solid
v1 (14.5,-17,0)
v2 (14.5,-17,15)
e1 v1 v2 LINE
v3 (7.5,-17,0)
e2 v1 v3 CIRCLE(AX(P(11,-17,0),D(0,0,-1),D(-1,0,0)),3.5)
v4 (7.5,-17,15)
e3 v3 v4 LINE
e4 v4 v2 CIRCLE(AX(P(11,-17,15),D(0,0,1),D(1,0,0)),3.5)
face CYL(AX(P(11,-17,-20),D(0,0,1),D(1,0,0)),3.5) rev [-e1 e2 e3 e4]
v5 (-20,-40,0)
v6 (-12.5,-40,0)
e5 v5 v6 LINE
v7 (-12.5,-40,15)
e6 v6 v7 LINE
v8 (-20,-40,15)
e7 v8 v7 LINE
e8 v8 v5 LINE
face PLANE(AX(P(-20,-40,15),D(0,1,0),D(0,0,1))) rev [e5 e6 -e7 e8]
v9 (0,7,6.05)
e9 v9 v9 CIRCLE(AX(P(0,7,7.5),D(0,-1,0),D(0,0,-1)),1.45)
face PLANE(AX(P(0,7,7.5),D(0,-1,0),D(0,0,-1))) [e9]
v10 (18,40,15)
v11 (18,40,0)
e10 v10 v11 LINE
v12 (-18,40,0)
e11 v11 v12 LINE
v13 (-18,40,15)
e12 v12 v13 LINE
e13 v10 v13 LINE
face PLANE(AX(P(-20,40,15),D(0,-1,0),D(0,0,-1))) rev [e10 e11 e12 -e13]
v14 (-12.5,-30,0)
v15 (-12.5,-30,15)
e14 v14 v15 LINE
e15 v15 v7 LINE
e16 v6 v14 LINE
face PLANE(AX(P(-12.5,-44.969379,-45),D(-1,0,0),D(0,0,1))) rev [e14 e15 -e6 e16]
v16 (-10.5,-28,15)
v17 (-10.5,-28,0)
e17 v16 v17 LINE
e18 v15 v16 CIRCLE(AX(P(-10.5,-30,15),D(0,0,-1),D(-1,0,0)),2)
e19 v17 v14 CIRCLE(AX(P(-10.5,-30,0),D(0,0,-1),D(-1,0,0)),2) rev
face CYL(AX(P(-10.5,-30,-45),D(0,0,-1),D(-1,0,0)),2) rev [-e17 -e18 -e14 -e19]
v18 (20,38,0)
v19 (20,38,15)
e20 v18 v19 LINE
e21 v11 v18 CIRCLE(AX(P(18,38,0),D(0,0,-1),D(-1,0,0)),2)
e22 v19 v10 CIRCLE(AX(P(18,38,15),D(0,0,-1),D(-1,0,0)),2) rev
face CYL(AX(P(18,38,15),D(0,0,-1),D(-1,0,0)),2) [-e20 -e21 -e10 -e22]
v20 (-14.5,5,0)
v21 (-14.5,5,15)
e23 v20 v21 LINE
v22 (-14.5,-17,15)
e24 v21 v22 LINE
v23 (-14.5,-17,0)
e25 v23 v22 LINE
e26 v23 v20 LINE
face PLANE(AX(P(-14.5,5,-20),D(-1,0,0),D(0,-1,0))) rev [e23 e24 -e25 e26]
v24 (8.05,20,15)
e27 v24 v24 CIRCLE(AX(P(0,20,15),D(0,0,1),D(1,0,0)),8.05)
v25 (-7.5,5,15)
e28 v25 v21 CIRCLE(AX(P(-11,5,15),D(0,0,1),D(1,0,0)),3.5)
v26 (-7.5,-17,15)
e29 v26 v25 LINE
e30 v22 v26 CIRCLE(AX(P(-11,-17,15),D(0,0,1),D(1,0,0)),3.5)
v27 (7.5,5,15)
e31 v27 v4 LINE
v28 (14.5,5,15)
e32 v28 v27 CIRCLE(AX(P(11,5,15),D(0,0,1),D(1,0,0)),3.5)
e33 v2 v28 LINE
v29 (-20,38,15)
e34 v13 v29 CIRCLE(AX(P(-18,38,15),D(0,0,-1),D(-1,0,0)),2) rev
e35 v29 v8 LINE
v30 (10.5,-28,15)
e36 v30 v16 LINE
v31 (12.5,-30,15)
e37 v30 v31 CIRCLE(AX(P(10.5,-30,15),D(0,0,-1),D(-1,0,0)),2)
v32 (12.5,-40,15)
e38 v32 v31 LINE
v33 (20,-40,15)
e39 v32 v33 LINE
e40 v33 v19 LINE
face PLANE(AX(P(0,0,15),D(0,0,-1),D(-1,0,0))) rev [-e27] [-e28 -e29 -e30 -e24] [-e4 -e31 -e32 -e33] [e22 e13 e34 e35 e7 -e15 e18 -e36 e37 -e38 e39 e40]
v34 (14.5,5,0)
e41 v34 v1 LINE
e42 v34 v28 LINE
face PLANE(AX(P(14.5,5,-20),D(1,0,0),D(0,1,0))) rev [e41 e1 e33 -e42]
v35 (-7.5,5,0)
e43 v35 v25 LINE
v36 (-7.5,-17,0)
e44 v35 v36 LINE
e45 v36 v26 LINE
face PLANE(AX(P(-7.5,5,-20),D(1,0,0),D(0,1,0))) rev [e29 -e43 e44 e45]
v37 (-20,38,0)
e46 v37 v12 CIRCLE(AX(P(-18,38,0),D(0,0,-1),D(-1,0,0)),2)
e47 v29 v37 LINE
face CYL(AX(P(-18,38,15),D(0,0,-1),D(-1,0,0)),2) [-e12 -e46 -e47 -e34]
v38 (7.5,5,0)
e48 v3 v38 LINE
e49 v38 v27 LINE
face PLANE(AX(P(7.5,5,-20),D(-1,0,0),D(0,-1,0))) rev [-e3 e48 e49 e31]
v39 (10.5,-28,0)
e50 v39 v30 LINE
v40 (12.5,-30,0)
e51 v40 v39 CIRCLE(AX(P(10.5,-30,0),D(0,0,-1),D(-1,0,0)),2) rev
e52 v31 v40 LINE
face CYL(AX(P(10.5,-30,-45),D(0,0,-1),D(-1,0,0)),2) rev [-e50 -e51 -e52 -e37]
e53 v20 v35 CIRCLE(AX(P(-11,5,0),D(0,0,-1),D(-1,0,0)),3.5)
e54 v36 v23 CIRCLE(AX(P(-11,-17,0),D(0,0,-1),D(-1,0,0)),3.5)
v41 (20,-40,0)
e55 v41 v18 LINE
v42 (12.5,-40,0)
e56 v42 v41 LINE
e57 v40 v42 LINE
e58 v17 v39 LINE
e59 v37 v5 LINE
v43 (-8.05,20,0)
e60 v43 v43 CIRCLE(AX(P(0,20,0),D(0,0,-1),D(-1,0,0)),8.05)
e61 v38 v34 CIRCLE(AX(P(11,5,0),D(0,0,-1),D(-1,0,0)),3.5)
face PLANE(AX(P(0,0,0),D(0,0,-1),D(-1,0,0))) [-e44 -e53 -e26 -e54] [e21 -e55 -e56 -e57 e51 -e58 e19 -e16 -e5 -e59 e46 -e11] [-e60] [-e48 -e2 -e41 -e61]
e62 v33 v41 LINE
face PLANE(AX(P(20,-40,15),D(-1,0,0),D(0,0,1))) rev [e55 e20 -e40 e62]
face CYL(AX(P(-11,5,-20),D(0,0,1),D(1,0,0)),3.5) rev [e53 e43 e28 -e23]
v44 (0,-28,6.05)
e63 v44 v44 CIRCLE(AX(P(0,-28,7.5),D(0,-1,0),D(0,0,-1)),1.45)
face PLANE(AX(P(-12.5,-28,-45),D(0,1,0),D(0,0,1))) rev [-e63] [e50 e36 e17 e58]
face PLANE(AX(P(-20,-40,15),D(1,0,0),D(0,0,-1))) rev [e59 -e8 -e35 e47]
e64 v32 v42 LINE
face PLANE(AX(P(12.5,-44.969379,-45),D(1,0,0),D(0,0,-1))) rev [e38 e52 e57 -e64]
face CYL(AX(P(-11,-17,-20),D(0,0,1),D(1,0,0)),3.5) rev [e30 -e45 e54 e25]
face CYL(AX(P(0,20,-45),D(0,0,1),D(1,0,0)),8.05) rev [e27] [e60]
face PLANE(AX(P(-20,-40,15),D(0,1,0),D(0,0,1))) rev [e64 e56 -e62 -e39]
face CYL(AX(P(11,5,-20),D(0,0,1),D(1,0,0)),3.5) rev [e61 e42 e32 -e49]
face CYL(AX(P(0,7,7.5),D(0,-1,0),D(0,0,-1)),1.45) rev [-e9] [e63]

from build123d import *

# Parameters (mm, degrees)
SKETCH_1_W          = 40
SKETCH_1_H          = 80
EXTRUDE_1_DEPTH     = 15
SKETCH_2_R          = 8.05
CUT_EXTRUDE_1_DEPTH = 60
SKETCH_3_W          = 25
SKETCH_3_H          = 16.969379431
CUT_EXTRUDE_2_DEPTH = 60
SKETCH_4_R          = 1.45
CUT_EXTRUDE_3_DEPTH = 35
CUT_EXTRUDE_4_DEPTH = 35
FILLET_1_R          = 2


with BuildPart() as part:
    # 草图1 → 凸台-拉伸1 (new body)
    with BuildSketch(Plane.XY):
        Rectangle(SKETCH_1_W, SKETCH_1_H)
    extrude(amount=EXTRUDE_1_DEPTH)

    # 草图2 → 切除-拉伸1 (cut)
    with BuildSketch(Plane.XY.offset(15)):
        with Locations((0, 20)):
            Circle(SKETCH_2_R)
    extrude(amount=-CUT_EXTRUDE_1_DEPTH, mode=Mode.SUBTRACT)

    # 草图3 → 切除-拉伸2 (cut)
    with BuildSketch(Plane.XY.offset(15)):
        with Locations((0, -36.484689715)):
            Rectangle(SKETCH_3_W, SKETCH_3_H)
    extrude(amount=-CUT_EXTRUDE_2_DEPTH, mode=Mode.SUBTRACT)

    # 草图4 → 切除-拉伸3 (cut)
    with BuildSketch(Plane.XZ.offset(28)):
        with Locations(Location((0, 7.5, 0), (0, 0, 270))):
            Circle(SKETCH_4_R)
    extrude(amount=-CUT_EXTRUDE_3_DEPTH, mode=Mode.SUBTRACT)

    # 草图5 → 切除-拉伸4 (cut)
    with BuildSketch(Plane.XY.offset(15)):
        with BuildLine():
            Line((-7.5, 5), (-7.5, -17))
            ThreePointArc((-7.5, -17), (-11, -20.5), (-14.5, -17))
            Line((-14.5, -17), (-14.5, 5))
            ThreePointArc((-14.5, 5), (-11, 8.5), (-7.5, 5))
        make_face()
        with BuildLine():
            Line((14.5, 5), (14.5, -17))
            ThreePointArc((14.5, -17), (11, -20.5), (7.5, -17))
            Line((7.5, -17), (7.5, 5))
            ThreePointArc((7.5, 5), (11, 8.5), (14.5, 5))
        make_face()
    extrude(amount=-CUT_EXTRUDE_4_DEPTH, mode=Mode.SUBTRACT)

    # 圆角1
    fillet_1_edges = [part.edges().sort_by_distance(p)[0] for p in [
        (12.5, -28, 7.5),
        (-12.5, -28, 7.5),
        (-20, 40, 7.5),
        (20, 40, 7.5),
    ]]
    fillet(fillet_1_edges, radius=FILLET_1_R)


solid = part.part
